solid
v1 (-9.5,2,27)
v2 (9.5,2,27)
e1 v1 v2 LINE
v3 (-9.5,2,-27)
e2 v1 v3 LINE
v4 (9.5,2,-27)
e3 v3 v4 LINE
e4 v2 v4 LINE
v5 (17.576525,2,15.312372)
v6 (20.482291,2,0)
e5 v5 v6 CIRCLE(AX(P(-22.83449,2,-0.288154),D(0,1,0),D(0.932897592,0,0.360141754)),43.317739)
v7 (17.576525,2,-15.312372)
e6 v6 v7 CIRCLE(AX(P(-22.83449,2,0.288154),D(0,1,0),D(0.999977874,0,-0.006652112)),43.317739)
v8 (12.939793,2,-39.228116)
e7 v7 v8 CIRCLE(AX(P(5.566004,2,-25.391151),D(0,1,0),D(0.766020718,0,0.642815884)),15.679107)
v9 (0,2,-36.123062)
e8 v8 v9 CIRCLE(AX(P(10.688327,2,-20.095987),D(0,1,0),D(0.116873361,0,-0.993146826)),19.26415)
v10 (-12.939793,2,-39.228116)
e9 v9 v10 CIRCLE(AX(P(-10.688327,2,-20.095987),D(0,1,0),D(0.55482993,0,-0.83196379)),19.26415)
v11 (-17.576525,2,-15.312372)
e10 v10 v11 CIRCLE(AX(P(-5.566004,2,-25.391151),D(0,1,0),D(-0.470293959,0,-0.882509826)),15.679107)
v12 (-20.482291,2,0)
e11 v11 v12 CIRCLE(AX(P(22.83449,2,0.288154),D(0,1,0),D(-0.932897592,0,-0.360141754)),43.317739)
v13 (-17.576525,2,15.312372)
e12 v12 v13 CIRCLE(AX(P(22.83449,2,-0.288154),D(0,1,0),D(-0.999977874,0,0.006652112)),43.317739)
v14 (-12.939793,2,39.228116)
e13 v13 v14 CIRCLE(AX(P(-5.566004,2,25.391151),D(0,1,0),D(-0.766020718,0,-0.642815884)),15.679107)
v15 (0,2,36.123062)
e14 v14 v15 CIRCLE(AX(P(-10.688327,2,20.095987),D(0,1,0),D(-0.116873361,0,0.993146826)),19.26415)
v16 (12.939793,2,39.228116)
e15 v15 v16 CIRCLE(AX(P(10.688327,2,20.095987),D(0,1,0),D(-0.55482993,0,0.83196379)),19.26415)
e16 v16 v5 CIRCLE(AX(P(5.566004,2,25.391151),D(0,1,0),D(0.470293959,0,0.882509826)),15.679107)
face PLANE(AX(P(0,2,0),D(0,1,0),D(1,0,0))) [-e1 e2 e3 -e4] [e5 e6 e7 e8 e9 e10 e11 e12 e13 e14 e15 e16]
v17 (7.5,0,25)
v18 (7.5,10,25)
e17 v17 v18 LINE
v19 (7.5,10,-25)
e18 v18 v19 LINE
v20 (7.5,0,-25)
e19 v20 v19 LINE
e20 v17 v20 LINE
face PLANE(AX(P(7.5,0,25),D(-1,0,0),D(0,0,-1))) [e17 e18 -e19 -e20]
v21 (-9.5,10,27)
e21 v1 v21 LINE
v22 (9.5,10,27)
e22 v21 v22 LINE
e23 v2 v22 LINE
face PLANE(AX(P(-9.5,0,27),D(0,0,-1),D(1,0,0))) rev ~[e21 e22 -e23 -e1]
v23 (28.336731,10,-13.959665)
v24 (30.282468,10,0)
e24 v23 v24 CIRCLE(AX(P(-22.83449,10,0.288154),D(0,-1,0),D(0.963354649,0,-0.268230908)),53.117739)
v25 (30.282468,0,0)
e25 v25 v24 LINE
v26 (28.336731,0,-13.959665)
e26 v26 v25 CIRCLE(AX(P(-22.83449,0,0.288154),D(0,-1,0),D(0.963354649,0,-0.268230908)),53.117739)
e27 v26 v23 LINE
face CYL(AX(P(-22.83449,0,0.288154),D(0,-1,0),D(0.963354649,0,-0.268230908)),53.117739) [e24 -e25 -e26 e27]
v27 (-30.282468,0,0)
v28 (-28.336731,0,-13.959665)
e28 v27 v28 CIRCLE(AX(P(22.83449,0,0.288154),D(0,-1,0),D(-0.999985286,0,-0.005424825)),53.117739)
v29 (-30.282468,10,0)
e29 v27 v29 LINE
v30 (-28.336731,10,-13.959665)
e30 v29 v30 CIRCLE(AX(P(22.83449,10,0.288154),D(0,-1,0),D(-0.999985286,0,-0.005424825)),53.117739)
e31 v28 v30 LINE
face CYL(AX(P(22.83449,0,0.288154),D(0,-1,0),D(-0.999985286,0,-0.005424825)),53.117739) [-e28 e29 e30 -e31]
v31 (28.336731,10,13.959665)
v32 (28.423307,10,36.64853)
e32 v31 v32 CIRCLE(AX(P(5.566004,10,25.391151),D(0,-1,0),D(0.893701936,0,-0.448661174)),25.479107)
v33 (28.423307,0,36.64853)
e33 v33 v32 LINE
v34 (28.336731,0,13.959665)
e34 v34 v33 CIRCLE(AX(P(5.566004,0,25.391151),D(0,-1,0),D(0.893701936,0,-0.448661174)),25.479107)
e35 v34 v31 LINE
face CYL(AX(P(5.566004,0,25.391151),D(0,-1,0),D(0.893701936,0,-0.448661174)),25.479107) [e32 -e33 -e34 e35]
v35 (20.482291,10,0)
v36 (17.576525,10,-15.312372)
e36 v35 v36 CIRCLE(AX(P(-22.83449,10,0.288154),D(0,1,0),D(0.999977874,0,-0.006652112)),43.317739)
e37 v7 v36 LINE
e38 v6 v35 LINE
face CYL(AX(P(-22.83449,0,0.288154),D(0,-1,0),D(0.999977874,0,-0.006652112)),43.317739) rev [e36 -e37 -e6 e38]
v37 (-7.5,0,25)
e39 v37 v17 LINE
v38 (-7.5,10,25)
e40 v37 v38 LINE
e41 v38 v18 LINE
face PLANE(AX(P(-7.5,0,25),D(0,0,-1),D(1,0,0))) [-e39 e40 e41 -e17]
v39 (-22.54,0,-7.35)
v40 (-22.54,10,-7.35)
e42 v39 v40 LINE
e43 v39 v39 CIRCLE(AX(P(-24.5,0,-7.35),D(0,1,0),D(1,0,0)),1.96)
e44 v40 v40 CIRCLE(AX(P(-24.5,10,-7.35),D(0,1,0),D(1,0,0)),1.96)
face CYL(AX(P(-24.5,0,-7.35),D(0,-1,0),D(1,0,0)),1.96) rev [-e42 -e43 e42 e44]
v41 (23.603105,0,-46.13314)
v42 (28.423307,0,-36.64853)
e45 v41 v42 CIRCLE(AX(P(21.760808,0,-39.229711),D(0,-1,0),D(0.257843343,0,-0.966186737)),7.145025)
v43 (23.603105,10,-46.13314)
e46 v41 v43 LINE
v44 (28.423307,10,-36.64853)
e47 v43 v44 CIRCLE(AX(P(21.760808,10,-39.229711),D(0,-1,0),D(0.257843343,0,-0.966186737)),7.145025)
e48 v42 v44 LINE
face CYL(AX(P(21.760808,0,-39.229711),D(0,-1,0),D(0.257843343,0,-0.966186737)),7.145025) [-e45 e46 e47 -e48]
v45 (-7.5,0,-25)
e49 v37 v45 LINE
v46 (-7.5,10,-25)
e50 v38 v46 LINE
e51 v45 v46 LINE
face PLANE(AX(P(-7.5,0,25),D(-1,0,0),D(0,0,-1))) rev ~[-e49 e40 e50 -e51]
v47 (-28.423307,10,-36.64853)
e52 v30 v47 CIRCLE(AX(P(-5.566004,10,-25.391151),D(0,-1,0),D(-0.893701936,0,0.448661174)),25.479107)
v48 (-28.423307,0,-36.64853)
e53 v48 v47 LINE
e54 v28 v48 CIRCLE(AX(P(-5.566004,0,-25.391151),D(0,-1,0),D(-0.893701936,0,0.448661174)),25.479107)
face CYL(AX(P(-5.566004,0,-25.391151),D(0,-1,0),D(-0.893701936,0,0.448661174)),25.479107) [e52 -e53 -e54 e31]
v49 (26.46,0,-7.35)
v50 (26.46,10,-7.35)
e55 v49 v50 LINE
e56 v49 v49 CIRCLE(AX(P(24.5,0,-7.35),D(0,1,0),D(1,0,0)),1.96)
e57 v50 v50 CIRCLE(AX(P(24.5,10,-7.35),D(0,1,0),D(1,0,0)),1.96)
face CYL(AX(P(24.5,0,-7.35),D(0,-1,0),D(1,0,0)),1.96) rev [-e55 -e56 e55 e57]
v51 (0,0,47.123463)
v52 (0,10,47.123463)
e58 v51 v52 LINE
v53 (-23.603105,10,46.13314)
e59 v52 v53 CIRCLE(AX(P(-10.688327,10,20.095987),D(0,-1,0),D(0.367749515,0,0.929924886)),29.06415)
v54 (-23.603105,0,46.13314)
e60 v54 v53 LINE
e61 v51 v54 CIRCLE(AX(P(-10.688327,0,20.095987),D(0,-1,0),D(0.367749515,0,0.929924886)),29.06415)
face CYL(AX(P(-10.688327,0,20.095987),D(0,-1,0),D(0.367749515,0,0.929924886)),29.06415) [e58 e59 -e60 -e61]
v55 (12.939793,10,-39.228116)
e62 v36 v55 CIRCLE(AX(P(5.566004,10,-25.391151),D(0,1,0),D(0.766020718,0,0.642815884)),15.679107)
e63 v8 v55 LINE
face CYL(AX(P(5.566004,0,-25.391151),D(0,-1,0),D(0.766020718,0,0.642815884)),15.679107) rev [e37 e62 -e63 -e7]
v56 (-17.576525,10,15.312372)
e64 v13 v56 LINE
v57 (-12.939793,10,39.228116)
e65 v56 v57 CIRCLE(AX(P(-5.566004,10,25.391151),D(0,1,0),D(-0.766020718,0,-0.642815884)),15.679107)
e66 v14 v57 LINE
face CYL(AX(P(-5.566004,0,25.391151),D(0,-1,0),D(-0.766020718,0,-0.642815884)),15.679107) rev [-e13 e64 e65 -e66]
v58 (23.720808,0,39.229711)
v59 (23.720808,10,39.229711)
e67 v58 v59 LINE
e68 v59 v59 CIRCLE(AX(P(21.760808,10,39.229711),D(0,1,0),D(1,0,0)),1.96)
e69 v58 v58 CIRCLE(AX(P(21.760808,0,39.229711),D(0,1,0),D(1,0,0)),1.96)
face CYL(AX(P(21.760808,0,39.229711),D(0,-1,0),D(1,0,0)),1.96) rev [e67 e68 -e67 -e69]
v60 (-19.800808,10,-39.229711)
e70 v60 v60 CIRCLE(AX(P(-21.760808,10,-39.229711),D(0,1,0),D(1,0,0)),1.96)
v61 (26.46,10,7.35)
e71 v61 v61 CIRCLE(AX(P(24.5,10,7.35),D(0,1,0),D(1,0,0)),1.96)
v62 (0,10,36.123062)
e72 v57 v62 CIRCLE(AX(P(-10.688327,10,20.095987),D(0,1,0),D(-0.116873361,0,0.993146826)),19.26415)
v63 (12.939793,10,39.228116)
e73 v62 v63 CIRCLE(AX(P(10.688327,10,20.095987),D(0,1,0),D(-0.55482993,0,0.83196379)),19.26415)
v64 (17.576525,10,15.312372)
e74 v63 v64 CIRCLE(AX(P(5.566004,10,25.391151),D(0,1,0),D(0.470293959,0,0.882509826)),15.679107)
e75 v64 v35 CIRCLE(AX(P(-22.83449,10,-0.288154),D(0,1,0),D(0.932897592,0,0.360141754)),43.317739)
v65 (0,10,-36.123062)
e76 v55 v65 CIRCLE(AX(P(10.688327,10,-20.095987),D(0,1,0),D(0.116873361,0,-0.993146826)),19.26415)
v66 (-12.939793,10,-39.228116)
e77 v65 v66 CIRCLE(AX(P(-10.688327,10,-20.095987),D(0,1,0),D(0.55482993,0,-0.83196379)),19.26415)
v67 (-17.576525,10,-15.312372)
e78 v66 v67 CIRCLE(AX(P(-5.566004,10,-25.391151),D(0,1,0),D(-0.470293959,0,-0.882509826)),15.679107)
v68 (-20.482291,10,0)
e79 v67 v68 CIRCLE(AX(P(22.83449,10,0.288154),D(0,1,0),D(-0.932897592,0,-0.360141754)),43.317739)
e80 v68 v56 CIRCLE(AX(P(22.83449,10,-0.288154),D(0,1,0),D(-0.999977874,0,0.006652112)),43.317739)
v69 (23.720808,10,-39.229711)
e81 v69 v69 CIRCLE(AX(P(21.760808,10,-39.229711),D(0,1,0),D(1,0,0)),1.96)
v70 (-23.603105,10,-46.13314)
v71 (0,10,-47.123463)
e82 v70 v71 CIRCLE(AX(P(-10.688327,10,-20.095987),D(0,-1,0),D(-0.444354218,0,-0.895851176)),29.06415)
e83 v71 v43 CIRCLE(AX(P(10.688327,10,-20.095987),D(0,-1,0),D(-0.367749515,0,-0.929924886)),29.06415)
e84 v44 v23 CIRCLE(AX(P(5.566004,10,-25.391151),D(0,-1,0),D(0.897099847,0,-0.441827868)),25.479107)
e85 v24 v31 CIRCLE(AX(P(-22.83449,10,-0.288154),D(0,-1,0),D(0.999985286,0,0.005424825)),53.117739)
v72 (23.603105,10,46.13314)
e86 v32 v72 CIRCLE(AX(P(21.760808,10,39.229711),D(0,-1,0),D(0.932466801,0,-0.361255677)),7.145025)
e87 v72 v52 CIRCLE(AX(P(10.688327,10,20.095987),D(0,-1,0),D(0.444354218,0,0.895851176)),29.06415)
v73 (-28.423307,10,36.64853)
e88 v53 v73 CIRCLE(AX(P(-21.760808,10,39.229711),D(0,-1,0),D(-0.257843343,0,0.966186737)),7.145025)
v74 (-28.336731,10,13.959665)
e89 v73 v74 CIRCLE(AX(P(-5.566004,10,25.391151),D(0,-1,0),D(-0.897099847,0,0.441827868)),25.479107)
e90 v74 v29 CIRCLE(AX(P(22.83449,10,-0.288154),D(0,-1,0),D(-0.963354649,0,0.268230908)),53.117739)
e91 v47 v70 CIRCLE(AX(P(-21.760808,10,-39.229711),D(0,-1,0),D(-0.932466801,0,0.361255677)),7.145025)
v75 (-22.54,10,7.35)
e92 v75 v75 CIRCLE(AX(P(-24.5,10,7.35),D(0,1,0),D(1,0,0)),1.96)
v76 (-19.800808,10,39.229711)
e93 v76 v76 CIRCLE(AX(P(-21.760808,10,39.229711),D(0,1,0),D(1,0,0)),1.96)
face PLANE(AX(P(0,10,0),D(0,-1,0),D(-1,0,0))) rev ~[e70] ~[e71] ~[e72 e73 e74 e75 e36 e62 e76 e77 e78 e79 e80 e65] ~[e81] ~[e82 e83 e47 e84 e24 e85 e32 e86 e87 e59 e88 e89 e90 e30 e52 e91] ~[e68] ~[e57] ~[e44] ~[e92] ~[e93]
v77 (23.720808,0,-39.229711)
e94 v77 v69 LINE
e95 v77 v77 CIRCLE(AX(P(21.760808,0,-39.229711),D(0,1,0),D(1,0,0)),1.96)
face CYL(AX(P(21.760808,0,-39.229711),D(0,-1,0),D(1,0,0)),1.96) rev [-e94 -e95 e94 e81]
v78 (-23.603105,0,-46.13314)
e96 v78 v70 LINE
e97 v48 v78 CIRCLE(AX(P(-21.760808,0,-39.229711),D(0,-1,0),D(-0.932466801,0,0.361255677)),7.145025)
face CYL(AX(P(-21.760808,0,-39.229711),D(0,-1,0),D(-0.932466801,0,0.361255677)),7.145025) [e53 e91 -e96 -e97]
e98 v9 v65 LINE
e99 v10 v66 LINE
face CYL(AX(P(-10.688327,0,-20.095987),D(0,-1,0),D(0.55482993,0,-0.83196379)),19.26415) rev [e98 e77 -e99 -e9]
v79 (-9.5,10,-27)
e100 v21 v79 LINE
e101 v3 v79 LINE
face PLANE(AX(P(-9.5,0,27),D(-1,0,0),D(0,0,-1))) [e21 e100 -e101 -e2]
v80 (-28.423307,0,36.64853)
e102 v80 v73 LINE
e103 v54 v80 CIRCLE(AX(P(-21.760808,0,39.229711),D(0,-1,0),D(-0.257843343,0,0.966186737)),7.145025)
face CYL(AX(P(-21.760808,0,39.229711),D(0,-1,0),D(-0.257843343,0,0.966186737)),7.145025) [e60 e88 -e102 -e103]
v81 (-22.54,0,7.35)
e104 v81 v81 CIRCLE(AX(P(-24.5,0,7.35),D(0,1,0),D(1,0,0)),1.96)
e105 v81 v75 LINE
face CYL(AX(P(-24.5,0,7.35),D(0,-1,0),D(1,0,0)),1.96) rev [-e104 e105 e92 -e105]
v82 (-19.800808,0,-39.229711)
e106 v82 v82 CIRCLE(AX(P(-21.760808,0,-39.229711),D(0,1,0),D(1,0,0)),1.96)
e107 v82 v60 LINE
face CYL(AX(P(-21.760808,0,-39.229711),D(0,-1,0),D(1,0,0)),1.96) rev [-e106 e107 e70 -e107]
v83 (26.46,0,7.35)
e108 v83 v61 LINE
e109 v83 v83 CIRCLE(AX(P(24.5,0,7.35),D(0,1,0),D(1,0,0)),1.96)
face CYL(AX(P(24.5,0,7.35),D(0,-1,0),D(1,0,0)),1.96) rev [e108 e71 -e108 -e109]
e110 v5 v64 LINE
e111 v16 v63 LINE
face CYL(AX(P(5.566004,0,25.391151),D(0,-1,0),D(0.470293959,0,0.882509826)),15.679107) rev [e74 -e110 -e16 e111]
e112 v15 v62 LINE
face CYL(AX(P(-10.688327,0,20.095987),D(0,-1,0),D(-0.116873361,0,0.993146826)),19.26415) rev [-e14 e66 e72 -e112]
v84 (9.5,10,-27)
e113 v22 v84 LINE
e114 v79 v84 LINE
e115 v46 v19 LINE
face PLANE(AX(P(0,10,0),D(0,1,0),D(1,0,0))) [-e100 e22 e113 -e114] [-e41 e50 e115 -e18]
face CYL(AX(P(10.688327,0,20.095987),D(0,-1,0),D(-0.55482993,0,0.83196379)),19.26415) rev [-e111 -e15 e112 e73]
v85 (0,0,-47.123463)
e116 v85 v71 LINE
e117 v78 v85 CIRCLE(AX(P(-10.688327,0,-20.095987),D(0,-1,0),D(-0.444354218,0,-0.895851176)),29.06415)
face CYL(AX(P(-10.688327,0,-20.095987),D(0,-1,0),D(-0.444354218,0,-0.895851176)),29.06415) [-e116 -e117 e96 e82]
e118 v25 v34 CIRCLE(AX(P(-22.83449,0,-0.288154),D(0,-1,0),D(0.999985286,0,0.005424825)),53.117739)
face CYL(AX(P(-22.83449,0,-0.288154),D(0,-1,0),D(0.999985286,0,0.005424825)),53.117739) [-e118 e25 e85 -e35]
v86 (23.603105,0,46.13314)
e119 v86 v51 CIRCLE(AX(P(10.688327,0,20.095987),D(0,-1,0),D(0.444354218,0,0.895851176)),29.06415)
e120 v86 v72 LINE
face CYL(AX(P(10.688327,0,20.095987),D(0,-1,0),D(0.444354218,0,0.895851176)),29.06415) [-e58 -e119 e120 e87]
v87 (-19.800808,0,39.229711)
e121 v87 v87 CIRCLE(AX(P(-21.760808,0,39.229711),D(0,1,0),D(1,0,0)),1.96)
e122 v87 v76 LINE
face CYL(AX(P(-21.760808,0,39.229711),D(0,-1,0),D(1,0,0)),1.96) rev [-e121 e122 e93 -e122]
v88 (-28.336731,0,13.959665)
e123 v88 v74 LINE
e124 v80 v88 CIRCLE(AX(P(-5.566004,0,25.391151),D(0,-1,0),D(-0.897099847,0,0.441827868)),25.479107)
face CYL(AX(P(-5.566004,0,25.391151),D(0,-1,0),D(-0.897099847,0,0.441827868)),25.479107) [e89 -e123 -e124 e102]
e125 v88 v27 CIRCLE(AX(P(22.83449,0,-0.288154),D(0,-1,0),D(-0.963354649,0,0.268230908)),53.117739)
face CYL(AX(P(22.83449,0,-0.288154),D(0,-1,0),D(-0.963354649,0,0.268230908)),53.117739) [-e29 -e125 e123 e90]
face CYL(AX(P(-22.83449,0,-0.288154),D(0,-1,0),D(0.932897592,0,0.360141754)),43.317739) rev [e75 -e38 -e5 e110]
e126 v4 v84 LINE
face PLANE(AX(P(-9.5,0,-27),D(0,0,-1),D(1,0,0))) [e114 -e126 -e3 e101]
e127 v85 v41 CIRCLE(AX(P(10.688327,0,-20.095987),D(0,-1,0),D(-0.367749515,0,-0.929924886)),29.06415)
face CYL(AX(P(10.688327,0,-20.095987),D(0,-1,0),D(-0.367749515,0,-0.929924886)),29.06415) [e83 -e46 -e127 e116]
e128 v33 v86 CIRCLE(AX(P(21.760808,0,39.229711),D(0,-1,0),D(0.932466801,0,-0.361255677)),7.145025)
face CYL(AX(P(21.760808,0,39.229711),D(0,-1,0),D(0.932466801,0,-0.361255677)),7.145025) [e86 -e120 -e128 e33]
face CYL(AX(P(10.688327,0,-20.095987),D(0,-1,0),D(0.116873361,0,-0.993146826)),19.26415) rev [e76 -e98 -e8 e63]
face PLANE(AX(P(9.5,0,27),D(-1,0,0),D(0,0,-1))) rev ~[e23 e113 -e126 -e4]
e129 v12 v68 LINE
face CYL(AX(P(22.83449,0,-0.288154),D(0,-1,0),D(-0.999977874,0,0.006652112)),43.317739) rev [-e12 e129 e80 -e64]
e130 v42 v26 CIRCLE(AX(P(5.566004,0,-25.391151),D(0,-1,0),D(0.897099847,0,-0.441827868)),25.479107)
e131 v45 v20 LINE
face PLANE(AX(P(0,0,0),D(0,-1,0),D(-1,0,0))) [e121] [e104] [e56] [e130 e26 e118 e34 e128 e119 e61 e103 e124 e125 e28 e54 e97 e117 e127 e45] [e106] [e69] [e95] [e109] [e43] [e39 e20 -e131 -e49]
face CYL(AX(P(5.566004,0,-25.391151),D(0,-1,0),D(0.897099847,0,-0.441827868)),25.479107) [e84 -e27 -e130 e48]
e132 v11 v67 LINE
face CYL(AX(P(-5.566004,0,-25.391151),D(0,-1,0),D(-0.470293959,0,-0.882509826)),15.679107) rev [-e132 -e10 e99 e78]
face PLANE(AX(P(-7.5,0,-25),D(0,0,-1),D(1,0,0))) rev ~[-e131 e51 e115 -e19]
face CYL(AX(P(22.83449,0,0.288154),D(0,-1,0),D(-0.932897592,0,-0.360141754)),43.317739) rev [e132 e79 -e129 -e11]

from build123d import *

# Parameters (mm, degrees)
SKETCH1_W           = 19
SKETCH1_H           = 54
BOSS_EXTRUDE4_DEPTH = 2
SKETCH1_8_R         = 1.96
SKETCH1_8_W         = 19
SKETCH1_8_H         = 54
SKETCH1_8_W_2       = 15
SKETCH1_8_H_2       = 50
BOSS_EXTRUDE7_DEPTH = 10


with BuildPart() as part:
    # Sketch1 → Boss-Extrude4 (new body)
    with BuildSketch(Plane(origin=(0, 0, 0), x_dir=(1, 0, 0), z_dir=(0, 1, 0))):
        with BuildLine():
            ThreePointArc((0, 36.123062219), (-6.193274653, 38.828364827), (-12.939793146, 39.228116436))
            ThreePointArc((-12.939793146, 39.228116436), (-20.958488329, 28.375411428), (-17.576524537, 15.31237199))
            ThreePointArc((-17.576524537, 15.31237199), (-19.723741965, 7.787946982), (-20.482290695, 0))
            ThreePointArc((-20.482290695, 0), (-19.723741965, -7.787946982), (-17.576524537, -15.31237199))
            ThreePointArc((-17.576524537, -15.31237199), (-20.958488329, -28.375411428), (-12.939793146, -39.228116436))
            ThreePointArc((-12.939793146, -39.228116436), (-6.193274653, -38.828364827), (0, -36.123062219))
            ThreePointArc((0, -36.123062219), (6.193274653, -38.828364827), (12.939793146, -39.228116436))
            ThreePointArc((12.939793146, -39.228116436), (20.958488329, -28.375411428), (17.576524537, -15.31237199))
            ThreePointArc((17.576524537, -15.31237199), (19.723741965, -7.787946982), (20.482290695, 0))
            ThreePointArc((20.482290695, 0), (19.723741965, 7.787946982), (17.576524537, 15.31237199))
            ThreePointArc((17.576524537, 15.31237199), (20.958488329, 28.375411428), (12.939793146, 39.228116436))
            ThreePointArc((12.939793146, 39.228116436), (6.193274653, 38.828364827), (0, 36.123062219))
        make_face()
        Rectangle(SKETCH1_W, SKETCH1_H, mode=Mode.SUBTRACT)
    extrude(amount=BOSS_EXTRUDE4_DEPTH)

    # Sketch1<8> → Boss-Extrude7 (add)
    # profile 1 of 2: a face of its own
    with BuildSketch(Plane(origin=(0, 0, 0), x_dir=(1, 0, 0), z_dir=(0, 1, 0))):
        with BuildLine():
            ThreePointArc((23.603104913, 46.133139939), (11.906709568, 49.134588213), (0, 47.123463385))
            ThreePointArc((0, 47.123463385), (-11.906709568, 49.134588213), (-23.603104913, 46.133139939))
            ThreePointArc((-23.603104913, 46.133139939), (-28.130450168, 42.466846104), (-28.423306673, 36.648530145))
            ThreePointArc((-28.423306673, 36.648530145), (-31.044925166, 25.293928807), (-28.336730948, 13.959664864))
            ThreePointArc((-28.336730948, 13.959664864), (-29.774673681, 7.044655791), (-30.282467524, 0))
            ThreePointArc((-30.282467524, 0), (-29.774673681, -7.044655791), (-28.336730948, -13.959664864))
            ThreePointArc((-28.336730948, -13.959664864), (-31.044925166, -25.293928807), (-28.423306673, -36.648530145))
            ThreePointArc((-28.423306673, -36.648530145), (-28.130450168, -42.466846104), (-23.603104913, -46.133139939))
            ThreePointArc((-23.603104913, -46.133139939), (-11.906709568, -49.134588213), (0, -47.123463385))
            ThreePointArc((0, -47.123463385), (11.906709568, -49.134588213), (23.603104913, -46.133139939))
            ThreePointArc((23.603104913, -46.133139939), (28.130450168, -42.466846104), (28.423306673, -36.648530145))
            ThreePointArc((28.423306673, -36.648530145), (31.044925166, -25.293928807), (28.336730948, -13.959664864))
            ThreePointArc((28.336730948, -13.959664864), (29.774673681, -7.044655791), (30.282467524, 0))
            ThreePointArc((30.282467524, 0), (29.774673681, 7.044655791), (28.336730948, 13.959664864))
            ThreePointArc((28.336730948, 13.959664864), (31.044925166, 25.293928807), (28.423306673, 36.648530145))
            ThreePointArc((28.423306673, 36.648530145), (28.130450168, 42.466846104), (23.603104913, 46.133139939))
        make_face()
        with Locations((-21.760807675, -39.229711143)):
            Circle(SKETCH1_8_R, mode=Mode.SUBTRACT)
        with Locations((-24.5, -7.35)):
            Circle(SKETCH1_8_R, mode=Mode.SUBTRACT)
        with BuildLine():
            ThreePointArc((-17.576524537, 15.31237199), (-20.958488329, 28.375411428), (-12.939793146, 39.228116436))
            ThreePointArc((-12.939793146, 39.228116436), (-6.193274653, 38.828364827), (0, 36.123062219))
            ThreePointArc((0, 36.123062219), (6.193274653, 38.828364827), (12.939793146, 39.228116436))
            ThreePointArc((12.939793146, 39.228116436), (20.958488329, 28.375411428), (17.576524537, 15.31237199))
            ThreePointArc((17.576524537, 15.31237199), (19.723741965, 7.787946982), (20.482290695, 0))
            ThreePointArc((20.482290695, 0), (19.723741965, -7.787946982), (17.576524537, -15.31237199))
            ThreePointArc((17.576524537, -15.31237199), (20.958488329, -28.375411428), (12.939793146, -39.228116436))
            ThreePointArc((12.939793146, -39.228116436), (6.193274653, -38.828364827), (0, -36.123062219))
            ThreePointArc((0, -36.123062219), (-6.193274653, -38.828364827), (-12.939793146, -39.228116436))
            ThreePointArc((-12.939793146, -39.228116436), (-20.958488329, -28.375411428), (-17.576524537, -15.31237199))
            ThreePointArc((-17.576524537, -15.31237199), (-19.723741965, -7.787946982), (-20.482290695, 0))
            ThreePointArc((-20.482290695, 0), (-19.723741965, 7.787946982), (-17.576524537, 15.31237199))
        make_face(mode=Mode.SUBTRACT)
        with Locations((21.760807675, -39.229711143)):
            Circle(SKETCH1_8_R, mode=Mode.SUBTRACT)
        with Locations((24.5, -7.35)):
            Circle(SKETCH1_8_R, mode=Mode.SUBTRACT)
        with Locations((-24.5, 7.35)):
            Circle(SKETCH1_8_R, mode=Mode.SUBTRACT)
        with Locations((-21.760807675, 39.229711143)):
            Circle(SKETCH1_8_R, mode=Mode.SUBTRACT)
        with Locations((24.5, 7.35)):
            Circle(SKETCH1_8_R, mode=Mode.SUBTRACT)
        with Locations((21.760807675, 39.229711143)):
            Circle(SKETCH1_8_R, mode=Mode.SUBTRACT)
    # profile 2 of 2: a face of its own
    with BuildSketch(Plane(origin=(0, 0, 0), x_dir=(1, 0, 0), z_dir=(0, 1, 0))):
        Rectangle(SKETCH1_8_W, SKETCH1_8_H)
        Rectangle(SKETCH1_8_W_2, SKETCH1_8_H_2, mode=Mode.SUBTRACT)
    extrude(amount=BOSS_EXTRUDE7_DEPTH)


solid = part.part
